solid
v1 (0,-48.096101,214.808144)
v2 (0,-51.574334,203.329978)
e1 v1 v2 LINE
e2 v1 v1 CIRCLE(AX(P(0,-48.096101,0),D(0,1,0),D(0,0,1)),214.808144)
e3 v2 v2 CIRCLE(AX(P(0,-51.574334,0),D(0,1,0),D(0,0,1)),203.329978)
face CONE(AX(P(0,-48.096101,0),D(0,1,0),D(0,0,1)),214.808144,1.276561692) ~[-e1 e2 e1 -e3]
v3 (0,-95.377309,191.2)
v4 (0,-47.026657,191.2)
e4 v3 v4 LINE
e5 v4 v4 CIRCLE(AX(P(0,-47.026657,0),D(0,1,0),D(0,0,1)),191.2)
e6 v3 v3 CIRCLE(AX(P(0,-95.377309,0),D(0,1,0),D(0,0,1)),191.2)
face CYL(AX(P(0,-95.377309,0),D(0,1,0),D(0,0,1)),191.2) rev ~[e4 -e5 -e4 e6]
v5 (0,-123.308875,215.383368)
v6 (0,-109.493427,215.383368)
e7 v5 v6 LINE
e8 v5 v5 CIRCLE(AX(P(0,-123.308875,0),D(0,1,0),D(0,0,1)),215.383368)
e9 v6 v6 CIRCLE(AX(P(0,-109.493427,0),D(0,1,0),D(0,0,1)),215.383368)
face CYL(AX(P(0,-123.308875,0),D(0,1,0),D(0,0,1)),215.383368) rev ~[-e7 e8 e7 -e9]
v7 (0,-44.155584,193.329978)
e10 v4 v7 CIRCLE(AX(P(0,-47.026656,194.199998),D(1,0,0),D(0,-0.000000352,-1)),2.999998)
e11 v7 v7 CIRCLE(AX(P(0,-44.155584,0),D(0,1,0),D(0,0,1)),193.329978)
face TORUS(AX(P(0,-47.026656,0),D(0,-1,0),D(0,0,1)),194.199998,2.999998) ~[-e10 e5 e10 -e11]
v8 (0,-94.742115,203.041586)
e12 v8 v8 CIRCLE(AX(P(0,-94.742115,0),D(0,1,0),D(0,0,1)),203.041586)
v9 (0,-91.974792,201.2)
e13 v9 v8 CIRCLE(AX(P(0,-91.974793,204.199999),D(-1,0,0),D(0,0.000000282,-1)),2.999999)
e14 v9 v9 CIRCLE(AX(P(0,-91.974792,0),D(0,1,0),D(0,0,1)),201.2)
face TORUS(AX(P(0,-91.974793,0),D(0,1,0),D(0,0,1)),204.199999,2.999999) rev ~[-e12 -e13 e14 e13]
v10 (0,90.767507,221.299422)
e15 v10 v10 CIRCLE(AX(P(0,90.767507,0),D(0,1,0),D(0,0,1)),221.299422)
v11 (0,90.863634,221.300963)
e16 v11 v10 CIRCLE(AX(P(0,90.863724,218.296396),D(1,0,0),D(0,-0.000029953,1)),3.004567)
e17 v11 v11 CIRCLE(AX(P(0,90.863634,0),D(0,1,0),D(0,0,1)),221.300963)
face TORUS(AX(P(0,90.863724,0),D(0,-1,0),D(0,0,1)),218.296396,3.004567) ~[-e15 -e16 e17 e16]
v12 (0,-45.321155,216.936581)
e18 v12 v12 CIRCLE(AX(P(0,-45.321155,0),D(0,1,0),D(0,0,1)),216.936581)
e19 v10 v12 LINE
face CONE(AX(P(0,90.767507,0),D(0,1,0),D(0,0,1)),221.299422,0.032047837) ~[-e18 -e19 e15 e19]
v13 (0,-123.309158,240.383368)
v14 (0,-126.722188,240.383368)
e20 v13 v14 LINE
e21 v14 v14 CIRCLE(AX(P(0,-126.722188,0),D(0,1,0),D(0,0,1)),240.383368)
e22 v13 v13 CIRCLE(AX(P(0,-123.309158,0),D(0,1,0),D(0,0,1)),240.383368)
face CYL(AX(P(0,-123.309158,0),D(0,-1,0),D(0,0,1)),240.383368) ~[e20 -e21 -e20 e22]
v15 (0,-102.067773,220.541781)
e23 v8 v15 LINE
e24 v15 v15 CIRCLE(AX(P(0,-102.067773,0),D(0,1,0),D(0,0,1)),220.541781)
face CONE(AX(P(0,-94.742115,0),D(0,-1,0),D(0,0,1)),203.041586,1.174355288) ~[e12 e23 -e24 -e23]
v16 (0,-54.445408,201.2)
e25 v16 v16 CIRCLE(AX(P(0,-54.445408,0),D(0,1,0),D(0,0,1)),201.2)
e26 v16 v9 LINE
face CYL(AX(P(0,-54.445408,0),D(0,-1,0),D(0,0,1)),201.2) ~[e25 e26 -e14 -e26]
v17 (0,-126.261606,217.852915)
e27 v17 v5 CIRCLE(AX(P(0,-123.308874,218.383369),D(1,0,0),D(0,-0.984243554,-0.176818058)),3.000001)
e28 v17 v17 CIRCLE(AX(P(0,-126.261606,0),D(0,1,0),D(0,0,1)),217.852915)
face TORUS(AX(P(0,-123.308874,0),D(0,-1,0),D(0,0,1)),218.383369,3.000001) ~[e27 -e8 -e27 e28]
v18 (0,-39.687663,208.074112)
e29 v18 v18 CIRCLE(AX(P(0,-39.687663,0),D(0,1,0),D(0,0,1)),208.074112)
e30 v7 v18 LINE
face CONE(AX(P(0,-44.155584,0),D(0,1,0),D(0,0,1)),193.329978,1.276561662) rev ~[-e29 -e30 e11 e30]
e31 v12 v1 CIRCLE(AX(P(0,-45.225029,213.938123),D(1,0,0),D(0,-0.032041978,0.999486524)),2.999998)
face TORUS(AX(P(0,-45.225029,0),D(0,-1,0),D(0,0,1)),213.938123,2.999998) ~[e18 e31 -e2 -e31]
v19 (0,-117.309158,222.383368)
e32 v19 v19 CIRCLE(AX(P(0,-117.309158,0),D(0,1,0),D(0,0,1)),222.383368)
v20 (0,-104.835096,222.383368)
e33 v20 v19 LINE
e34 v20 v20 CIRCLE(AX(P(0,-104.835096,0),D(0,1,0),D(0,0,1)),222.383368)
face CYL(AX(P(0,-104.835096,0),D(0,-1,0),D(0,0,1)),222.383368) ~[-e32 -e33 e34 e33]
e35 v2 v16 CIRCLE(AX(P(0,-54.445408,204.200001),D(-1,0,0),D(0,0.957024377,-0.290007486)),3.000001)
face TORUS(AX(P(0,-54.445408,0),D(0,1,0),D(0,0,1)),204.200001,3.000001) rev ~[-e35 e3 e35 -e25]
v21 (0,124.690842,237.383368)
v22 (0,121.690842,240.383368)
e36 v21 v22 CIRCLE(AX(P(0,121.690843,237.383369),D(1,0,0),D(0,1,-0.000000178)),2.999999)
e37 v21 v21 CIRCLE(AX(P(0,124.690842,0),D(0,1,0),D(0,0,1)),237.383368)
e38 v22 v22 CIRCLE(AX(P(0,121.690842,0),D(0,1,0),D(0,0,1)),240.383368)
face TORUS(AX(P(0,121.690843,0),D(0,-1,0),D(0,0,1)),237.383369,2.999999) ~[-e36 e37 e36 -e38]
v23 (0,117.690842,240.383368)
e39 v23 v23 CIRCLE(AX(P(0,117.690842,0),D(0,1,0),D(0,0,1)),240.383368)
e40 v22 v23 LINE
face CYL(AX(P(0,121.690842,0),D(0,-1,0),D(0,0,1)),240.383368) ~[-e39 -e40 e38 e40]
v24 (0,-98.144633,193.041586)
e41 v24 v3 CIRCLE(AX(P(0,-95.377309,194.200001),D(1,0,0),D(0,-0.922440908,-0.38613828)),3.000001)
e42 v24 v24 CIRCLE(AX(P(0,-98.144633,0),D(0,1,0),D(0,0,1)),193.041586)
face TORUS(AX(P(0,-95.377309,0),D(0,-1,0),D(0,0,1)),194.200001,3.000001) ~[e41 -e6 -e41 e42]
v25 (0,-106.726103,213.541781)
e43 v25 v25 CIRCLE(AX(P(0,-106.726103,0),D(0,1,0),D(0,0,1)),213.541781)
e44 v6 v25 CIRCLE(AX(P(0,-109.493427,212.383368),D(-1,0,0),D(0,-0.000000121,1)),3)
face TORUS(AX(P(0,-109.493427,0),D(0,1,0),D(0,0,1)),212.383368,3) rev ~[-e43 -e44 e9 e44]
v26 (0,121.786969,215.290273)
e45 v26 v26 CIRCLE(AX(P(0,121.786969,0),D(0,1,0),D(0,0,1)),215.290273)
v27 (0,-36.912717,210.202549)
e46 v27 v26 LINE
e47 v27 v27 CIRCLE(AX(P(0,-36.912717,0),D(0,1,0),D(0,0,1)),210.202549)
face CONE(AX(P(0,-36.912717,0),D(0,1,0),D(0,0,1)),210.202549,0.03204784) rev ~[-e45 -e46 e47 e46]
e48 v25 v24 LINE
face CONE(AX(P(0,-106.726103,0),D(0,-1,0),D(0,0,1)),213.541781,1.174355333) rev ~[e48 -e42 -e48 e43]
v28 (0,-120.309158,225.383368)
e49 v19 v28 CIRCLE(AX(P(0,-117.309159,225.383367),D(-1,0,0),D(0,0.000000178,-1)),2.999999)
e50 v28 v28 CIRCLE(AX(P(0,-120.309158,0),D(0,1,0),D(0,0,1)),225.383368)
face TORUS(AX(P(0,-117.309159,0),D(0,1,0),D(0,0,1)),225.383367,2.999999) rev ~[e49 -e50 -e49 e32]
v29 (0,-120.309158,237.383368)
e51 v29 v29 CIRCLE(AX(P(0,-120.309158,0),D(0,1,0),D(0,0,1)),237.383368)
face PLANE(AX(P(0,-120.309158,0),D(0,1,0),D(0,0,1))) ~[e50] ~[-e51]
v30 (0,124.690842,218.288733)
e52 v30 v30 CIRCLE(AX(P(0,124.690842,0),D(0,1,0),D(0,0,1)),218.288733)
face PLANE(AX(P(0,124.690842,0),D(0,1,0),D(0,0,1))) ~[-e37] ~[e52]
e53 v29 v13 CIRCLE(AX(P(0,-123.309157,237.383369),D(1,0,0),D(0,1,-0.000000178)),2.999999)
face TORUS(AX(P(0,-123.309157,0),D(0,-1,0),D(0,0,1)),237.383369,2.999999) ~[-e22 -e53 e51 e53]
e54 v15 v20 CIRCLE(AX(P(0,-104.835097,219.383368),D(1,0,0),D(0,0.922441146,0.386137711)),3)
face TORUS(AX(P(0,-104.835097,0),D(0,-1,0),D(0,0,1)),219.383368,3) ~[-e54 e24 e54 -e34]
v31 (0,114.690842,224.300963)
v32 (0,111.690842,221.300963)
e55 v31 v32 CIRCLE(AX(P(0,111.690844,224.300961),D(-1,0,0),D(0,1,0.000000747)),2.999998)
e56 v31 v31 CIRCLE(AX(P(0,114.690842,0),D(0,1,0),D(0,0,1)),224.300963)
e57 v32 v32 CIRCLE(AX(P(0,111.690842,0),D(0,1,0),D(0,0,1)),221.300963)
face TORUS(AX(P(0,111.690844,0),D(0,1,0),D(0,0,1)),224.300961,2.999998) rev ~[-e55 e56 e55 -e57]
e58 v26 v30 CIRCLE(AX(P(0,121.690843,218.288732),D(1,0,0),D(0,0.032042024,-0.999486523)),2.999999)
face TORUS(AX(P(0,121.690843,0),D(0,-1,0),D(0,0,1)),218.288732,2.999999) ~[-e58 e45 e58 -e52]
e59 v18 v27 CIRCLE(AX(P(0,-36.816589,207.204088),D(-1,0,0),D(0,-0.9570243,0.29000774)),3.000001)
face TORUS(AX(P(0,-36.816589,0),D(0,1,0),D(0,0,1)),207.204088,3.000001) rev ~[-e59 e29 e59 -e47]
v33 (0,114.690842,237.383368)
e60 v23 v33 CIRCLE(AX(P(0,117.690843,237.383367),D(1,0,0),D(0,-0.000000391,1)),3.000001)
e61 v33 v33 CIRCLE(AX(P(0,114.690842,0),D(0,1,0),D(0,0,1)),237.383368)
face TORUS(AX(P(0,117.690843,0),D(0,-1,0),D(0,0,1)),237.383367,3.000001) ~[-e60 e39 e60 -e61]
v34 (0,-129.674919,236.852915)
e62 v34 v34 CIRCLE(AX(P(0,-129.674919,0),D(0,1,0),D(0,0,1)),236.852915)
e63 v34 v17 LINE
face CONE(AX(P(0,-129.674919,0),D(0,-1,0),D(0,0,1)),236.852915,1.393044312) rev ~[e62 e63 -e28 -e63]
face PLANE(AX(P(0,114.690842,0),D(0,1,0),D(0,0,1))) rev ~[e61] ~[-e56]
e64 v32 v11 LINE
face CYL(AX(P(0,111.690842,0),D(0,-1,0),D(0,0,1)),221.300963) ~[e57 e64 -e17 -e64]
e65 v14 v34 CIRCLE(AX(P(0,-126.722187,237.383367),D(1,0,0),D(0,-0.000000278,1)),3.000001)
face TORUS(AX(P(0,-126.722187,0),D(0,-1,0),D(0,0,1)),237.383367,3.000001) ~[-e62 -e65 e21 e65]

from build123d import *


with BuildPart() as f1:
    # F0 (on Right) → F1 (revolve)
    with BuildSketch(Plane.YZ):
        with BuildLine():
            Line((-123.309158, 240.383368), (-126.722188, 240.383368))
            ThreePointArc((-126.722188, 240.383368), (-129.023422, 239.308029), (-129.674919, 236.852915))
            Line((-129.674919, 236.852915), (-126.261606, 217.852915))
            ThreePointArc((-126.261606, 217.852915), (-125.233536, 216.082134), (-123.308875, 215.383368))
            Line((-123.308875, 215.383368), (-109.493427, 215.383368))
            ThreePointArc((-109.493427, 215.383368), (-107.831386, 214.880891), (-106.726103, 213.541781))
            Line((-106.726103, 213.541781), (-98.144633, 193.041586))
            ThreePointArc((-98.144633, 193.041586), (-97.03935, 191.702477), (-95.377309, 191.2))
            Line((-95.377309, 191.2), (-47.026657, 191.2))
            ThreePointArc((-47.026657, 191.2), (-45.23921, 191.790636), (-44.155584, 193.329978))
            Line((-44.155584, 193.329978), (-39.687663, 208.074112))
            ThreePointArc((-39.687663, 208.074112), (-38.642413, 209.584503), (-36.912717, 210.202549))
            Line((-36.912717, 210.202549), (121.786969, 215.290273))
            ThreePointArc((121.786969, 215.290273), (123.845881, 216.201675), (124.690842, 218.288733))
            Line((124.690842, 218.288733), (124.690842, 237.383368))
            ThreePointArc((124.690842, 237.383368), (123.812163, 239.504688), (121.690842, 240.383368))
            Line((121.690842, 240.383368), (117.690842, 240.383368))
            ThreePointArc((117.690842, 240.383368), (115.569522, 239.504688), (114.690842, 237.383368))
            Line((114.690842, 237.383368), (114.690842, 224.300963))
            ThreePointArc((114.690842, 224.300963), (113.812163, 222.179642), (111.690842, 221.300963))
            Line((111.690842, 221.300963), (90.863634, 221.300963))
            ThreePointArc((90.863634, 221.300963), (90.815564, 221.300577), (90.767507, 221.299422))
            Line((90.767507, 221.299422), (-45.321155, 216.936581))
            ThreePointArc((-45.321155, 216.936581), (-47.050852, 216.318535), (-48.096101, 214.808144))
            Line((-48.096101, 214.808144), (-51.574334, 203.329978))
            ThreePointArc((-51.574334, 203.329978), (-52.657961, 201.790636), (-54.445408, 201.2))
            Line((-54.445408, 201.2), (-91.974792, 201.2))
            ThreePointArc((-91.974792, 201.2), (-93.636833, 201.702477), (-94.742115, 203.041586))
            Line((-94.742115, 203.041586), (-102.067773, 220.541781))
            ThreePointArc((-102.067773, 220.541781), (-103.173056, 221.880891), (-104.835096, 222.383368))
            Line((-104.835096, 222.383368), (-117.309158, 222.383368))
            ThreePointArc((-117.309158, 222.383368), (-119.430478, 223.262047), (-120.309158, 225.383368))
            Line((-120.309158, 225.383368), (-120.309158, 237.383368))
            ThreePointArc((-120.309158, 237.383368), (-121.187837, 239.504688), (-123.309158, 240.383368))
        make_face()
    revolve(axis=Axis((0, -37.389193, 0), (0, 1, 0)))


solid = f1.part
